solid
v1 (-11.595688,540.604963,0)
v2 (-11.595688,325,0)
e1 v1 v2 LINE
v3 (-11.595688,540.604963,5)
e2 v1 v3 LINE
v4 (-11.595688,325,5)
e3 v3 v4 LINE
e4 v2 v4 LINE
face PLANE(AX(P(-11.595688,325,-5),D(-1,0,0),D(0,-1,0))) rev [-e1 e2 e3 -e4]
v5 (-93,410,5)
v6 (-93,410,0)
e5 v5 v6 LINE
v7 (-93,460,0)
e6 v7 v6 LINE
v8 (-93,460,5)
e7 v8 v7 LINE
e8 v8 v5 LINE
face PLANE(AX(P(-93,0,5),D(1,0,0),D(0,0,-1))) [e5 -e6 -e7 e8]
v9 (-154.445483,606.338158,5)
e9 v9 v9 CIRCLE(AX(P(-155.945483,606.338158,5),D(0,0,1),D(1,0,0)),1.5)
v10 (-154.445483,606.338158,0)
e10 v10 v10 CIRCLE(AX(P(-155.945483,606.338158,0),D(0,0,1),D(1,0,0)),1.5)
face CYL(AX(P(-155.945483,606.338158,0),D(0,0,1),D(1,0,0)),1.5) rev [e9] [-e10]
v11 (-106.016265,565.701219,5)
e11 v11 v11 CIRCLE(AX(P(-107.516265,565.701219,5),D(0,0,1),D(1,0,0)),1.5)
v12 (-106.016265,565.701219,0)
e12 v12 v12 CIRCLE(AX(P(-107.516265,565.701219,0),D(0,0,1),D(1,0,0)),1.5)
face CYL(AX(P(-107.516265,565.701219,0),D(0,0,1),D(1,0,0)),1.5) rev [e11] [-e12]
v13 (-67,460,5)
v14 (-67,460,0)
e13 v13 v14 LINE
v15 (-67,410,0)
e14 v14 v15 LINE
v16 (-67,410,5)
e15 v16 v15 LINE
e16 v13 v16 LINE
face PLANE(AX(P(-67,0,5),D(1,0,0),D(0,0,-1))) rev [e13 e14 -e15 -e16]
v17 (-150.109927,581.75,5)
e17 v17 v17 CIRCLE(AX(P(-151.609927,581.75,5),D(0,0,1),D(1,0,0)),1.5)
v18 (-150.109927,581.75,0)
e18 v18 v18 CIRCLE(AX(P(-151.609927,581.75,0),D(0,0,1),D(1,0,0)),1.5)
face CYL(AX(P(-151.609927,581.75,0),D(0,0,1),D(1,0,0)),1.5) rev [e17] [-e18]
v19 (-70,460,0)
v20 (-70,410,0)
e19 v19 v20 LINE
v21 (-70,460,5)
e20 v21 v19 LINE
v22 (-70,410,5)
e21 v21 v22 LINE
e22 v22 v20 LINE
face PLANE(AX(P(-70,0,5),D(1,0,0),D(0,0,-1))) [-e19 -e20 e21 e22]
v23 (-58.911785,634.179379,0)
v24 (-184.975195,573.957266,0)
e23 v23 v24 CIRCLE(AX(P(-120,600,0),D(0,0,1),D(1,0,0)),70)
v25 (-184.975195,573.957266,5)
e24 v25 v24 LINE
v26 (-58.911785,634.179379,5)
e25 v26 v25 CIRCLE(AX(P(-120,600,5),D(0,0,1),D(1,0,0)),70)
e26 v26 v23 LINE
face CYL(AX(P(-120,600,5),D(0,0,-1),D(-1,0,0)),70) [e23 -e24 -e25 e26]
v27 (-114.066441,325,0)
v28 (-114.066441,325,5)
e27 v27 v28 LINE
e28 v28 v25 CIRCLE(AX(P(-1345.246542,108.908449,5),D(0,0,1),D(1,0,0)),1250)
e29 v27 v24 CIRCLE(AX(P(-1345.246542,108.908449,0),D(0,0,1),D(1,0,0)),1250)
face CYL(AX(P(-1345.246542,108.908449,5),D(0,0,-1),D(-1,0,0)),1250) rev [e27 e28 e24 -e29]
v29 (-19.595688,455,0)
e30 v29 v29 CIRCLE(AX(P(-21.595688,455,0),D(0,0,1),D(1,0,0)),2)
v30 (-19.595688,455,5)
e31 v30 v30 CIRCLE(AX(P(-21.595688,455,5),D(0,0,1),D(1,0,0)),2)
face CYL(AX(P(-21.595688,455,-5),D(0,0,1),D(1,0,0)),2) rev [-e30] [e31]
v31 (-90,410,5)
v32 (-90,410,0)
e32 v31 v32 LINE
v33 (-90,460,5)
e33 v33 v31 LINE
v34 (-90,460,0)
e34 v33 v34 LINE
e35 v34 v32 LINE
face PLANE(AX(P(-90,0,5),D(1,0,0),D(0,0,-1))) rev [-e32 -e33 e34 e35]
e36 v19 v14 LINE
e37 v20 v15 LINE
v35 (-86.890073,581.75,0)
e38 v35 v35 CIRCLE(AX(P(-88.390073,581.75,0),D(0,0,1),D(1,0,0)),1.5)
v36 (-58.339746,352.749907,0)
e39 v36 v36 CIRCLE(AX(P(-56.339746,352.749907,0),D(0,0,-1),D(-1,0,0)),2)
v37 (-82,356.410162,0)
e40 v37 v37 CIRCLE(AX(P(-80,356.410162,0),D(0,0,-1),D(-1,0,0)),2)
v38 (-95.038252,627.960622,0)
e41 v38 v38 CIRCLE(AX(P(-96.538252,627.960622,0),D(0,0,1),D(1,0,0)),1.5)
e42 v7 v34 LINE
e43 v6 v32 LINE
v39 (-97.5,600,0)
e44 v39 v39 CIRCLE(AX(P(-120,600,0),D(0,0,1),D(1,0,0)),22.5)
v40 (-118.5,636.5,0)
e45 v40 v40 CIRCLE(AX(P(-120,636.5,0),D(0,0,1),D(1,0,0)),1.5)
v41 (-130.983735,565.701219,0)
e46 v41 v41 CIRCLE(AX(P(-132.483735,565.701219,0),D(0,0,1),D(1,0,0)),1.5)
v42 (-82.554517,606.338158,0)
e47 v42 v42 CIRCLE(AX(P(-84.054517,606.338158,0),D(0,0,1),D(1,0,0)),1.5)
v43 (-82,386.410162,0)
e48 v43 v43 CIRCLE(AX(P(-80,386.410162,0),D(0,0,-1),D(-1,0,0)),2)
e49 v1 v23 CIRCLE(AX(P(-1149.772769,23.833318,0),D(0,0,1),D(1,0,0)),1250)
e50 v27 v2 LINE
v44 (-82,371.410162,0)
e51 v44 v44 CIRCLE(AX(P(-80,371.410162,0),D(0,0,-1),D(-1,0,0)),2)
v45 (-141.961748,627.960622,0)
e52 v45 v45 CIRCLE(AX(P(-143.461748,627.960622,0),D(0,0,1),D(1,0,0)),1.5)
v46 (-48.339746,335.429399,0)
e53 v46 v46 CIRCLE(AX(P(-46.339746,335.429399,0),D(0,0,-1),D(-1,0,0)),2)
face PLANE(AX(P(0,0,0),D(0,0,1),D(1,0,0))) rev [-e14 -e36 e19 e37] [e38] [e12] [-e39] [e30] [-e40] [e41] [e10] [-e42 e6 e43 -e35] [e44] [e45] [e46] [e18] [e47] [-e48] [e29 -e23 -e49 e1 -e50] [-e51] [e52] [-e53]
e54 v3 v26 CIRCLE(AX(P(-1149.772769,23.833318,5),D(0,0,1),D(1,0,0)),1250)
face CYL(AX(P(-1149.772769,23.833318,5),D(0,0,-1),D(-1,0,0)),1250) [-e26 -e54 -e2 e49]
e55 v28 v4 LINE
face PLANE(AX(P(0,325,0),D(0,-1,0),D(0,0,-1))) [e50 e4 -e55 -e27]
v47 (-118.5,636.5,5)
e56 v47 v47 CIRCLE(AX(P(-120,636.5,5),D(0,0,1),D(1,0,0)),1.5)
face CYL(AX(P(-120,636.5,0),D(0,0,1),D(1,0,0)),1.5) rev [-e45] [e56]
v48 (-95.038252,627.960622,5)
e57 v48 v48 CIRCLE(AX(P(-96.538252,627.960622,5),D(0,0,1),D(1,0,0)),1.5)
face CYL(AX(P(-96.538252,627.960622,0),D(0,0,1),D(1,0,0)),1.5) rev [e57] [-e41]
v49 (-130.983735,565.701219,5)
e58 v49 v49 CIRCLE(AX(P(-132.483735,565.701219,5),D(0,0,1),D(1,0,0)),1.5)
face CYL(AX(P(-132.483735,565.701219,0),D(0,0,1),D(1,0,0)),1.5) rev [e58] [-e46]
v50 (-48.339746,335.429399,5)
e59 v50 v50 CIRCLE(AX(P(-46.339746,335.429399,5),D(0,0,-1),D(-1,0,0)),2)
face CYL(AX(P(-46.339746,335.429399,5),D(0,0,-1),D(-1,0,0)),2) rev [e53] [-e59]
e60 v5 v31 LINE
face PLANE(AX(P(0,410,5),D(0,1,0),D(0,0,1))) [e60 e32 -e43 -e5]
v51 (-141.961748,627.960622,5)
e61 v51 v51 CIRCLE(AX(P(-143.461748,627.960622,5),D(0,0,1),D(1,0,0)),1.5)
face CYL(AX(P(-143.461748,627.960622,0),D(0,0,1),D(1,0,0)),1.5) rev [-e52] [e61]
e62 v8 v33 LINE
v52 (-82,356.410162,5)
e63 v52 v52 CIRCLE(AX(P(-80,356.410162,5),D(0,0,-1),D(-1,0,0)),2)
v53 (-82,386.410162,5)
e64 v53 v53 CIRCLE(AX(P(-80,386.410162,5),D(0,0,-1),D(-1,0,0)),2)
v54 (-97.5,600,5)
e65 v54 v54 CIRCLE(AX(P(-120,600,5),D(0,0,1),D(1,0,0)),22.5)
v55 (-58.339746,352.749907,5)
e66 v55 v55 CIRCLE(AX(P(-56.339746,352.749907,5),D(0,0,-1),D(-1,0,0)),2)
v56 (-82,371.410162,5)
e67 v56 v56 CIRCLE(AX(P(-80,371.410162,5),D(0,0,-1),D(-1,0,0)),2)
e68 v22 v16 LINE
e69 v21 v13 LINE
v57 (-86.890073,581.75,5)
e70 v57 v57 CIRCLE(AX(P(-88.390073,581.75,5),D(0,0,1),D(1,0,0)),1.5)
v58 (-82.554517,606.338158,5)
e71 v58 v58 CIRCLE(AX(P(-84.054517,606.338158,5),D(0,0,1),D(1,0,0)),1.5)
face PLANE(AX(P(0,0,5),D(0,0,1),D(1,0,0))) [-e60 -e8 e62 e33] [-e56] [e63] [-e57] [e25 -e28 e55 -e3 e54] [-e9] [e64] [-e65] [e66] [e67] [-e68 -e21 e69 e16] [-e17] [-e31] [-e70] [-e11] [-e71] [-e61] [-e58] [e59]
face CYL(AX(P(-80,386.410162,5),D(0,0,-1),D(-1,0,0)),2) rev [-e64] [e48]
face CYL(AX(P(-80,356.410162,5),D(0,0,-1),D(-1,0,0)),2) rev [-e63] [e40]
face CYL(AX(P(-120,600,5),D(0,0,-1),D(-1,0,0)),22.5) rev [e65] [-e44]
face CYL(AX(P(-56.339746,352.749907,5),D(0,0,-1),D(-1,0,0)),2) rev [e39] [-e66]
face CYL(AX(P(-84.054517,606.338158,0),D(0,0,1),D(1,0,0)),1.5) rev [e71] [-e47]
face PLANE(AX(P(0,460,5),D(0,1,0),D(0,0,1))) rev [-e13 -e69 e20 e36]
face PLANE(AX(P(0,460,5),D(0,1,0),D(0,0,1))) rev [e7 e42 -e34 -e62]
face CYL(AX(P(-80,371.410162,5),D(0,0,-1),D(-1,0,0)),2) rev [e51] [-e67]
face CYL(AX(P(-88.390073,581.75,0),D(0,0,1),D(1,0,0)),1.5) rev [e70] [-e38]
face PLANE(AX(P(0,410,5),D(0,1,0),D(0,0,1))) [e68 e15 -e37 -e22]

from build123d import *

# Parameters (mm, degrees)
SKETCH_1_R          = 2
SKETCH_1_W          = 3
SKETCH_1_H          = 50
SKETCH_1_R_2        = 70
SKETCH_1_R_3        = 22.5
EXTRUDE_1_DEPTH     = 5
SKETCH_2_R          = 2
CUT_EXTRUDE_1_DEPTH = 697.437362582
SKETCH_3_R          = 1.5
CUT_EXTRUDE_2_DEPTH = 697.437362582
SKETCH_4_R          = 2
CUT_EXTRUDE_3_DEPTH = 10


with BuildPart() as part:
    # 草图1 → 凸台-拉伸1 (new body)
    # profile 1 of 2: a face of its own
    with BuildSketch(Plane.XY):
        with BuildLine():
            ThreePointArc((-184.975195398, 573.957266214), (-108.724882678, 291.977251427), (-100, 0))
            Line((-100, 0), (-100, -10))
            Line((-100, -10), (-91, -10))
            Line((-91, -10), (-91, 11))
            Line((-91, 11), (-69, 11))
            Line((-69, 11), (-69, -10))
            Line((-69, -10), (100, -10))
            Line((100, -10), (100, 0))
            ThreePointArc((100, 0), (62.740102222, 327.663103245), (-58.911784918, 634.179379428))
            ThreePointArc((-58.911784918, 634.179379428), (-52.264577008, 617.661043914), (-50, 600))
            ThreePointArc((-50, 600), (-106.738470636, 531.267679808), (-184.975195398, 573.957266214))
        make_face()
        with Locations((-50, 0)):
            Circle(SKETCH_1_R, mode=Mode.SUBTRACT)
        Circle(SKETCH_1_R, mode=Mode.SUBTRACT)
        with Locations((50, 0)):
            Circle(SKETCH_1_R, mode=Mode.SUBTRACT)
        with Locations((-91.5, 435)):
            Rectangle(SKETCH_1_W, SKETCH_1_H, mode=Mode.SUBTRACT)
        with Locations((-68.5, 435)):
            Rectangle(SKETCH_1_W, SKETCH_1_H, mode=Mode.SUBTRACT)
    # profile 2 of 2: a face of its own
    with BuildSketch(Plane.XY):
        with Locations((-120, 600)):
            Circle(SKETCH_1_R_2)
        with Locations((-120, 600)):
            Circle(SKETCH_1_R_3, mode=Mode.SUBTRACT)
    extrude(amount=EXTRUDE_1_DEPTH)

    # 草图2 → 切除-拉伸1 (cut, through all)
    with BuildSketch(Plane(origin=(0, 0, 0), x_dir=(-1, 0, 0), z_dir=(0, 0, -1))):
        with Locations((80, 386.410161514)):
            Circle(SKETCH_2_R)
        with Locations((80, 371.410161514)):
            Circle(SKETCH_2_R)
        with Locations((80, 356.410161514)):
            Circle(SKETCH_2_R)
        with Locations((56.339745962, 352.749907476)):
            Circle(SKETCH_2_R)
        with Locations((46.339745962, 335.4293994)):
            Circle(SKETCH_2_R)
        with Locations((26.339745962, 300.788383249)):
            Circle(SKETCH_2_R)
        with Locations((6.339745962, 266.147367097)):
            Circle(SKETCH_2_R)
        with Locations((-13.660254038, 231.506350946)):
            Circle(SKETCH_2_R)
        with Locations((80, 76.410161514)):
            Circle(SKETCH_2_R)
        with Locations((80, 116.410161514)):
            Circle(SKETCH_2_R)
        with Locations((80, 236.410161514)):
            Circle(SKETCH_2_R)
        with Locations((80, 276.410161514)):
            Circle(SKETCH_2_R)
        with Locations((80, 316.410161514)):
            Circle(SKETCH_2_R)
    extrude(amount=-CUT_EXTRUDE_1_DEPTH, mode=Mode.SUBTRACT)

    # 草图3 → 切除-拉伸2 (cut, through all)
    with BuildSketch(Plane.XY.offset(5)):
        with Locations((-120, 636.5)):
            Circle(SKETCH_3_R)
        with Locations((-96.538252246, 627.960622174)):
            Circle(SKETCH_3_R)
        with Locations((-84.054517015, 606.338158485)):
            Circle(SKETCH_3_R)
        with Locations((-88.390072762, 581.75)):
            Circle(SKETCH_3_R)
        with Locations((-107.516264769, 565.701219341)):
            Circle(SKETCH_3_R)
        with Locations((-132.483735231, 565.701219341)):
            Circle(SKETCH_3_R)
        with Locations((-151.609927238, 581.75)):
            Circle(SKETCH_3_R)
        with Locations((-155.945482985, 606.338158485)):
            Circle(SKETCH_3_R)
        with Locations((-143.461747754, 627.960622174)):
            Circle(SKETCH_3_R)
    extrude(amount=-CUT_EXTRUDE_2_DEPTH, mode=Mode.SUBTRACT)


with BuildPart() as body_2:
    # Split Bodies 1: the piece on the far side of the plane
    add(part.part)
    split(bisect_by=Plane(origin=(0, 325, 0), x_dir=(0, 0, -1), z_dir=(0, -1, 0)), keep=Keep.BOTTOM)

    # 草图4 → 切除-拉伸3 (cut)
    with BuildSketch(Plane.XY.offset(5)):
        with Locations((-21.595687559, 455)):
            Circle(SKETCH_4_R)
        with BuildLine():
            Line((-11.595687559, 325), (-11.595687559, 540.604962521))
            ThreePointArc((-11.595687559, 540.604962521), (30.836385122, 434.518144234), (63.404312441, 325))
            Line((63.404312441, 325), (-11.595687559, 325))
        make_face()
    extrude(amount=-CUT_EXTRUDE_3_DEPTH, mode=Mode.SUBTRACT)


with BuildPart() as part_1:
    add(part.part)

    # Split Bodies 1
    split(bisect_by=Plane(origin=(0, 325, 0), x_dir=(0, 0, -1), z_dir=(0, -1, 0)), keep=Keep.TOP)


solid = body_2.part
